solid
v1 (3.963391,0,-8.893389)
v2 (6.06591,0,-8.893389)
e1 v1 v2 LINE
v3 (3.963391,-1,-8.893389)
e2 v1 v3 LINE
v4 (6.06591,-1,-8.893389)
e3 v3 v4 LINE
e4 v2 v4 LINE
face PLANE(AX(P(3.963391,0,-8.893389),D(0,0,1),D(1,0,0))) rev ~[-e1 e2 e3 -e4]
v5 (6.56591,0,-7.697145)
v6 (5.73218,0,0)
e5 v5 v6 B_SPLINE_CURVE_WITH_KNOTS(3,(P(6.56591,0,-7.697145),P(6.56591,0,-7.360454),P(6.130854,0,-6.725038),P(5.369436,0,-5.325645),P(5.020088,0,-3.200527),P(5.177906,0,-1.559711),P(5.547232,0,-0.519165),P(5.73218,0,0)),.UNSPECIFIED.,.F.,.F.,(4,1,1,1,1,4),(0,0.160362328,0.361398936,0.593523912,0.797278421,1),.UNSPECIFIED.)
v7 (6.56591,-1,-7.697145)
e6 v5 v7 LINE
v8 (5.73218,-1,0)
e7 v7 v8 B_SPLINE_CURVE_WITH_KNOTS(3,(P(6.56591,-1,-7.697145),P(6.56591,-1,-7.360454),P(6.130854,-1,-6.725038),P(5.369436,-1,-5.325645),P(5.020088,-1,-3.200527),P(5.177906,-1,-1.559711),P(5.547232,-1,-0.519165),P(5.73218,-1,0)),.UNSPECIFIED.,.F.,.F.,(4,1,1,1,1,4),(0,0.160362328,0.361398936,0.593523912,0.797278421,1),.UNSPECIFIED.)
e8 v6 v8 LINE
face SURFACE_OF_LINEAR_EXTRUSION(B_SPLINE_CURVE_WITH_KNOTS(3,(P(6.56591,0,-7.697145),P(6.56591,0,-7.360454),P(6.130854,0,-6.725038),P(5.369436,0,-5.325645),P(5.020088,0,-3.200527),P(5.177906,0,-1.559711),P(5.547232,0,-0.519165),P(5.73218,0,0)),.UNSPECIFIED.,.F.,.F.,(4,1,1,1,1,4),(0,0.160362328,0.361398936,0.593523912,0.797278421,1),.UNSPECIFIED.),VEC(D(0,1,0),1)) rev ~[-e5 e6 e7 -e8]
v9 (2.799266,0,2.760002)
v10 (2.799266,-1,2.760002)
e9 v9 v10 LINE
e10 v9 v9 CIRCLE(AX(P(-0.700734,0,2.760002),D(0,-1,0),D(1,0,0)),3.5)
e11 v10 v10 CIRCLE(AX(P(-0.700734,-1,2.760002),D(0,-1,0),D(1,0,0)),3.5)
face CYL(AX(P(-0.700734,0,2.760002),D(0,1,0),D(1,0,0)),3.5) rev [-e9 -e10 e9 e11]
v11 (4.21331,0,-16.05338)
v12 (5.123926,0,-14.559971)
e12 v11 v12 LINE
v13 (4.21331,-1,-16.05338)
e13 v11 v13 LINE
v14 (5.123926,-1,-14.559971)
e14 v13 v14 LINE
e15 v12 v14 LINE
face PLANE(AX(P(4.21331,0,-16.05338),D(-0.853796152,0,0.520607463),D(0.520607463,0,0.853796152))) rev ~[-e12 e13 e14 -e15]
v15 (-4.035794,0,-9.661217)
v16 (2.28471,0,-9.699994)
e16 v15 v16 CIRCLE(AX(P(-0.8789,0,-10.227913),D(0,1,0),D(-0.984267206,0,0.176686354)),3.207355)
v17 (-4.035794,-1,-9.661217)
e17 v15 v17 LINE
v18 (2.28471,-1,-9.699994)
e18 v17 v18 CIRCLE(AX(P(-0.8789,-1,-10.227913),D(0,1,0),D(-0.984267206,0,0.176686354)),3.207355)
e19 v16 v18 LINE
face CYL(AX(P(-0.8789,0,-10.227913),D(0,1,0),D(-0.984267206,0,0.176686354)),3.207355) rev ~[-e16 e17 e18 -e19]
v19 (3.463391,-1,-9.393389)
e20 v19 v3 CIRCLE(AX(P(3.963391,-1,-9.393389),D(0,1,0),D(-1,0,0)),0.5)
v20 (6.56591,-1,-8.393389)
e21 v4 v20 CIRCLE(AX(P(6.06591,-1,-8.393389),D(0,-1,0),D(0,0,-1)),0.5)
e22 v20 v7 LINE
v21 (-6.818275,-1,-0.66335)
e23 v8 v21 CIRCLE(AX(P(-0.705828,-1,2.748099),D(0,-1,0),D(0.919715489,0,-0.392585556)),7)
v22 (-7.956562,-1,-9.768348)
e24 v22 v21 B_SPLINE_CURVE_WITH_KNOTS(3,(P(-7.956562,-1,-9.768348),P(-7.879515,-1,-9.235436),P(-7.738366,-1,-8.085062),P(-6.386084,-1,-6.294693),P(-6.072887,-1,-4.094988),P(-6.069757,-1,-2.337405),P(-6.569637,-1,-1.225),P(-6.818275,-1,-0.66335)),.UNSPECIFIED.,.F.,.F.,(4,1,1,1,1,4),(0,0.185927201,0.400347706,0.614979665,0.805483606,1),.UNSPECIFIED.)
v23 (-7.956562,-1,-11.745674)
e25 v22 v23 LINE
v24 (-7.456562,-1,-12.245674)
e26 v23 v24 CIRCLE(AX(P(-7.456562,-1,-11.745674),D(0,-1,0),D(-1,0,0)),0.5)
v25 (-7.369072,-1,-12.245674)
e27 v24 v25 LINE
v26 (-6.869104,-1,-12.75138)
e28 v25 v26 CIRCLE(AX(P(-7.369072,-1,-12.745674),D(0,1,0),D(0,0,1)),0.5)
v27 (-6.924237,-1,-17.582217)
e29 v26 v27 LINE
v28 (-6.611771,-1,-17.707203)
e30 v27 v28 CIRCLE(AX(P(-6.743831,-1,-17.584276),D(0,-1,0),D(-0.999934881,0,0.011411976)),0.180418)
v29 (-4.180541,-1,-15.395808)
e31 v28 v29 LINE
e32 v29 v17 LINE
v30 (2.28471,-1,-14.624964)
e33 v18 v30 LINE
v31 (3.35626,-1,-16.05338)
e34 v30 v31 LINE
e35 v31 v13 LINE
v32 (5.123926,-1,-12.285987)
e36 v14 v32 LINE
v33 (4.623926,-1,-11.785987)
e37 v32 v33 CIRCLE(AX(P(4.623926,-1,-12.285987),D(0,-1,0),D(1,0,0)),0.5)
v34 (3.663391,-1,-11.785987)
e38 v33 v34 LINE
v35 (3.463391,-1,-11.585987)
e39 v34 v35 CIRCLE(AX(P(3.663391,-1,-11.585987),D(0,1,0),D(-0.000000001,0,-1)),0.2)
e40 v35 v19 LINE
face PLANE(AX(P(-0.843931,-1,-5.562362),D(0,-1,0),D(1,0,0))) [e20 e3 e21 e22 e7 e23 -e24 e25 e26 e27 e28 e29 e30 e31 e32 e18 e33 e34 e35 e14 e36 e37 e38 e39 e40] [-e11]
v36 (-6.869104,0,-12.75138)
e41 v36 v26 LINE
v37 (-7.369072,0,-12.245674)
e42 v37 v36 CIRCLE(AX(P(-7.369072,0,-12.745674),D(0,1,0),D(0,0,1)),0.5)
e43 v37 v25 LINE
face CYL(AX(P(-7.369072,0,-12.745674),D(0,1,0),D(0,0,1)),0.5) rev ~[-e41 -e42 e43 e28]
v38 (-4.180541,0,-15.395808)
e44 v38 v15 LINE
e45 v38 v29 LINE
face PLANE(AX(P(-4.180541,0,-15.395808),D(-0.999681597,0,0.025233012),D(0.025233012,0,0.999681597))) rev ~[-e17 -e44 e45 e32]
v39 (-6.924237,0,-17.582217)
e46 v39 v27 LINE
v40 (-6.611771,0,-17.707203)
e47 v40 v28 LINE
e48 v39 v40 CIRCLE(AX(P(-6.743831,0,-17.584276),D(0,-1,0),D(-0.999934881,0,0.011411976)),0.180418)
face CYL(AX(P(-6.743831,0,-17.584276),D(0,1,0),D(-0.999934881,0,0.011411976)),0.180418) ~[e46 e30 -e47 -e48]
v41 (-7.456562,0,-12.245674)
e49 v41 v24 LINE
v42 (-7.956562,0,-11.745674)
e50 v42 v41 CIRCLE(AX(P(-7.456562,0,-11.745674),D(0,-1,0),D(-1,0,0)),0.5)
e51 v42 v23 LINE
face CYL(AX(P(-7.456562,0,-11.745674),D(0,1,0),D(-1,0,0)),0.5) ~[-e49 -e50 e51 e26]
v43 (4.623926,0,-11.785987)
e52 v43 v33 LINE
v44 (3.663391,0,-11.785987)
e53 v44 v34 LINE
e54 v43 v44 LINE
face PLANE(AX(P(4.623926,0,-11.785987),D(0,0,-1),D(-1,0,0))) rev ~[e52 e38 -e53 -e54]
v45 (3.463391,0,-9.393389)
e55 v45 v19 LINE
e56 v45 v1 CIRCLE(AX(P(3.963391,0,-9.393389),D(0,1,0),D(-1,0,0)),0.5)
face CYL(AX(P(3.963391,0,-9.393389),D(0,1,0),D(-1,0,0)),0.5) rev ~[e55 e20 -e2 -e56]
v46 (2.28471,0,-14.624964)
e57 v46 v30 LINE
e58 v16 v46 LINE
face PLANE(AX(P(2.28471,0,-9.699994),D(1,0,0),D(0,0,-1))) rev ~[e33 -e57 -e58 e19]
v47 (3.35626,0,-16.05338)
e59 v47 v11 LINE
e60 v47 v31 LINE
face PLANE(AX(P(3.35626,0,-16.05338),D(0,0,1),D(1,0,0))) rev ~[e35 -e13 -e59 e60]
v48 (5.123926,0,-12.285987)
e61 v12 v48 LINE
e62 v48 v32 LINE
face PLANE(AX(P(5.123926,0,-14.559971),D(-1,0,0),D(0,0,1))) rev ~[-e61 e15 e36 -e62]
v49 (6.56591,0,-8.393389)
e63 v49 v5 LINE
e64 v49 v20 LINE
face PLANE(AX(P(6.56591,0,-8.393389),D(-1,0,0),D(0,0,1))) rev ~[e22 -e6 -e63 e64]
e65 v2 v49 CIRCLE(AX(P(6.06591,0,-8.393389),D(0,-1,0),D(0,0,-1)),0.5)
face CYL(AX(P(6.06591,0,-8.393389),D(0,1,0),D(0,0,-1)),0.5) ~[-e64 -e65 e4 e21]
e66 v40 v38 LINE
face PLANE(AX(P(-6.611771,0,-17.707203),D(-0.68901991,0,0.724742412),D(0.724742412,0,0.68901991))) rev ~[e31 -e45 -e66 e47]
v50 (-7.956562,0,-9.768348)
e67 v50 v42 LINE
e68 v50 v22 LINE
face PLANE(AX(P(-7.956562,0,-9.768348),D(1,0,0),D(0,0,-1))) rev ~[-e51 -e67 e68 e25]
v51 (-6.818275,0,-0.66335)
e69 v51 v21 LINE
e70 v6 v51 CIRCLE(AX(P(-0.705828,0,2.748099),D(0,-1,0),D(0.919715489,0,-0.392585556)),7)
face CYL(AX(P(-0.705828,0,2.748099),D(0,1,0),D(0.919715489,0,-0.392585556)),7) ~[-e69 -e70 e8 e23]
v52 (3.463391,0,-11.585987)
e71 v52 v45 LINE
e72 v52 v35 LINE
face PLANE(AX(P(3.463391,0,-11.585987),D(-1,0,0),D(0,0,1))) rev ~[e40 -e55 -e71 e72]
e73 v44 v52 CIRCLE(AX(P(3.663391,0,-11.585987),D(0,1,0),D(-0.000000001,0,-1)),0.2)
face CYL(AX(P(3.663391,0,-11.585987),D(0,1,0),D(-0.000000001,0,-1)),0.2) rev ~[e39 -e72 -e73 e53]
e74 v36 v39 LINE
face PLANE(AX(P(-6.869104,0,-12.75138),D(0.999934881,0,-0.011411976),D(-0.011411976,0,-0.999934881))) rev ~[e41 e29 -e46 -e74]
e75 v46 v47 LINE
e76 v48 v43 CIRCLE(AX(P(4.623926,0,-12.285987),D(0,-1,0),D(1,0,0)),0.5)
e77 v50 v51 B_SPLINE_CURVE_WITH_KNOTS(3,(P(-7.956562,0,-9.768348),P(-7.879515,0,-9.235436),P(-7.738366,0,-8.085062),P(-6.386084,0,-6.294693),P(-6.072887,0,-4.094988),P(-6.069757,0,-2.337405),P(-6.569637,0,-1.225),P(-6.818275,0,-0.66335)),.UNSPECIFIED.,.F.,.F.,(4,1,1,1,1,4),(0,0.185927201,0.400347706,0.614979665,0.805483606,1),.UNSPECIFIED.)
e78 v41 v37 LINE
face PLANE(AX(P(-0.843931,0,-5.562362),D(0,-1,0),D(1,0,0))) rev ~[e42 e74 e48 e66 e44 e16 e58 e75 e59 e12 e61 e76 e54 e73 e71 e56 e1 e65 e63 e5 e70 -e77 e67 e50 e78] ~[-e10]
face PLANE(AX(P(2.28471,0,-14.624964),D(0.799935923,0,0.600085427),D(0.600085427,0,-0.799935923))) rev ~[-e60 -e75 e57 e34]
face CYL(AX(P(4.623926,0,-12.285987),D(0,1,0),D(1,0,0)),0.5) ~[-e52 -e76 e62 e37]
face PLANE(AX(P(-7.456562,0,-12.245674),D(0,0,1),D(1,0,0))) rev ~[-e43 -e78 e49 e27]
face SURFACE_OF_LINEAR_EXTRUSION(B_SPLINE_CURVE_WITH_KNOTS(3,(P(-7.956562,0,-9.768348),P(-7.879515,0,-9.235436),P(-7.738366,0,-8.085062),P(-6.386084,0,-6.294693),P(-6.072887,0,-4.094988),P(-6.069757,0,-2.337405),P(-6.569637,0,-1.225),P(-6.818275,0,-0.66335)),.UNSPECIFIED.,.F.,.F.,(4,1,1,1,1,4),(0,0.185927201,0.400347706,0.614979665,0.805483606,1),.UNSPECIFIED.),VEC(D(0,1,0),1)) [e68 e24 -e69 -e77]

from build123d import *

# Parameters (mm, degrees)
F0_R     = 3.5
F1_DEPTH = 1


with BuildPart() as f1:
    # F0 (on Front) → F1 (new body)
    with BuildSketch(Plane.XZ):
        with BuildLine():
            Line((-6.6117709503, -17.7072025836), (-4.180541262, -15.3958080336))
            Line((-4.180541262, -15.3958080336), (-4.0357941762, -9.6612172201))
            ThreePointArc((-4.0357941762, -9.6612172201), (-0.8592229863, -7.0206183808), (2.2847101224, -9.6999935621))
            Line((2.2847101224, -9.6999935621), (2.2847101224, -14.6249644458))
            Line((2.2847101224, -14.6249644458), (3.3562604804, -16.0533804446))
            Line((3.3562604804, -16.0533804446), (4.2133103125, -16.0533804446))
            Line((4.2133103125, -16.0533804446), (5.123925861, -14.5599710971))
            Line((5.123925861, -14.5599710971), (5.123925861, -12.2859868333))
            ThreePointArc((5.123925861, -12.2859868333), (4.9774792516, -11.9324334427), (4.623925861, -11.7859868333))
            Line((4.623925861, -11.7859868333), (3.6633914474, -11.7859868333))
            ThreePointArc((3.6633914474, -11.7859868333), (3.5219700912, -11.7274081895), (3.4633914474, -11.5859868333))
            Line((3.4633914474, -11.5859868333), (3.4633914474, -9.3933893368))
            ThreePointArc((3.4633914474, -9.3933893368), (3.6098380568, -9.0398359462), (3.9633914474, -8.8933893368))
            Line((3.9633914474, -8.8933893368), (6.0659102777, -8.8933893368))
            ThreePointArc((6.0659102777, -8.8933893368), (6.4194636683, -8.7469427274), (6.5659102777, -8.3933893368))
            Line((6.5659102777, -8.3933893368), (6.5659102777, -7.6971449889))
            add(Edge.make_bspline(
                [(6.5659102777, -7.6971449889), (6.5659102777, -7.3604537174), (6.1308538816, -6.7250376157), (5.3694360763, -5.3256448251), (5.0200880103, -3.2005265741), (5.1779062539, -1.5597114412), (5.5472315899, -0.5191652161), (5.7321804401, 0)],
                knots=[0, 0, 0, 0, 0.1603623278, 0.3613989356, 0.5935239119, 0.7972784215, 1, 1, 1, 1], degree=3))
            ThreePointArc((5.7321804401, 0), (-1.0752950501, 9.7383416681), (-6.8182754475, -0.663350365))
            add(Edge.make_bspline(
                [(-7.9565616325, -9.7683481872), (-7.8795153177, -9.2354358822), (-7.7383664617, -8.0850617885), (-6.3860842213, -6.2946925646), (-6.072886576, -4.0949884517), (-6.0697572799, -2.3374053261), (-6.5696365594, -1.2250004752), (-6.8182754475, -0.663350365)],
                knots=[0, 0, 0, 0, 0.1859272011, 0.4003477057, 0.6149796646, 0.8054836062, 1, 1, 1, 1], degree=3))
            Line((-7.9565616325, -9.7683481872), (-7.9565616325, -11.7456736863))
            ThreePointArc((-7.9565616325, -11.7456736863), (-7.810115023, -12.0992270769), (-7.4565616325, -12.2456736863))
            Line((-7.4565616325, -12.2456736863), (-7.3690715705, -12.2456736863))
            ThreePointArc((-7.3690715705, -12.2456736863), (-7.0135065314, -12.3941434558), (-6.8691041299, -12.7513796745))
            Line((-6.8691041299, -12.7513796745), (-6.9242371246, -17.5822172314))
            ThreePointArc((-6.9242371246, -17.5822172314), (-6.8108358449, -17.7517903835), (-6.6117709503, -17.7072025836))
        make_face()
        with Locations((-0.7007342175, 2.7600016318)):
            Circle(F0_R, mode=Mode.SUBTRACT)
    extrude(amount=F1_DEPTH)


solid = f1.part
